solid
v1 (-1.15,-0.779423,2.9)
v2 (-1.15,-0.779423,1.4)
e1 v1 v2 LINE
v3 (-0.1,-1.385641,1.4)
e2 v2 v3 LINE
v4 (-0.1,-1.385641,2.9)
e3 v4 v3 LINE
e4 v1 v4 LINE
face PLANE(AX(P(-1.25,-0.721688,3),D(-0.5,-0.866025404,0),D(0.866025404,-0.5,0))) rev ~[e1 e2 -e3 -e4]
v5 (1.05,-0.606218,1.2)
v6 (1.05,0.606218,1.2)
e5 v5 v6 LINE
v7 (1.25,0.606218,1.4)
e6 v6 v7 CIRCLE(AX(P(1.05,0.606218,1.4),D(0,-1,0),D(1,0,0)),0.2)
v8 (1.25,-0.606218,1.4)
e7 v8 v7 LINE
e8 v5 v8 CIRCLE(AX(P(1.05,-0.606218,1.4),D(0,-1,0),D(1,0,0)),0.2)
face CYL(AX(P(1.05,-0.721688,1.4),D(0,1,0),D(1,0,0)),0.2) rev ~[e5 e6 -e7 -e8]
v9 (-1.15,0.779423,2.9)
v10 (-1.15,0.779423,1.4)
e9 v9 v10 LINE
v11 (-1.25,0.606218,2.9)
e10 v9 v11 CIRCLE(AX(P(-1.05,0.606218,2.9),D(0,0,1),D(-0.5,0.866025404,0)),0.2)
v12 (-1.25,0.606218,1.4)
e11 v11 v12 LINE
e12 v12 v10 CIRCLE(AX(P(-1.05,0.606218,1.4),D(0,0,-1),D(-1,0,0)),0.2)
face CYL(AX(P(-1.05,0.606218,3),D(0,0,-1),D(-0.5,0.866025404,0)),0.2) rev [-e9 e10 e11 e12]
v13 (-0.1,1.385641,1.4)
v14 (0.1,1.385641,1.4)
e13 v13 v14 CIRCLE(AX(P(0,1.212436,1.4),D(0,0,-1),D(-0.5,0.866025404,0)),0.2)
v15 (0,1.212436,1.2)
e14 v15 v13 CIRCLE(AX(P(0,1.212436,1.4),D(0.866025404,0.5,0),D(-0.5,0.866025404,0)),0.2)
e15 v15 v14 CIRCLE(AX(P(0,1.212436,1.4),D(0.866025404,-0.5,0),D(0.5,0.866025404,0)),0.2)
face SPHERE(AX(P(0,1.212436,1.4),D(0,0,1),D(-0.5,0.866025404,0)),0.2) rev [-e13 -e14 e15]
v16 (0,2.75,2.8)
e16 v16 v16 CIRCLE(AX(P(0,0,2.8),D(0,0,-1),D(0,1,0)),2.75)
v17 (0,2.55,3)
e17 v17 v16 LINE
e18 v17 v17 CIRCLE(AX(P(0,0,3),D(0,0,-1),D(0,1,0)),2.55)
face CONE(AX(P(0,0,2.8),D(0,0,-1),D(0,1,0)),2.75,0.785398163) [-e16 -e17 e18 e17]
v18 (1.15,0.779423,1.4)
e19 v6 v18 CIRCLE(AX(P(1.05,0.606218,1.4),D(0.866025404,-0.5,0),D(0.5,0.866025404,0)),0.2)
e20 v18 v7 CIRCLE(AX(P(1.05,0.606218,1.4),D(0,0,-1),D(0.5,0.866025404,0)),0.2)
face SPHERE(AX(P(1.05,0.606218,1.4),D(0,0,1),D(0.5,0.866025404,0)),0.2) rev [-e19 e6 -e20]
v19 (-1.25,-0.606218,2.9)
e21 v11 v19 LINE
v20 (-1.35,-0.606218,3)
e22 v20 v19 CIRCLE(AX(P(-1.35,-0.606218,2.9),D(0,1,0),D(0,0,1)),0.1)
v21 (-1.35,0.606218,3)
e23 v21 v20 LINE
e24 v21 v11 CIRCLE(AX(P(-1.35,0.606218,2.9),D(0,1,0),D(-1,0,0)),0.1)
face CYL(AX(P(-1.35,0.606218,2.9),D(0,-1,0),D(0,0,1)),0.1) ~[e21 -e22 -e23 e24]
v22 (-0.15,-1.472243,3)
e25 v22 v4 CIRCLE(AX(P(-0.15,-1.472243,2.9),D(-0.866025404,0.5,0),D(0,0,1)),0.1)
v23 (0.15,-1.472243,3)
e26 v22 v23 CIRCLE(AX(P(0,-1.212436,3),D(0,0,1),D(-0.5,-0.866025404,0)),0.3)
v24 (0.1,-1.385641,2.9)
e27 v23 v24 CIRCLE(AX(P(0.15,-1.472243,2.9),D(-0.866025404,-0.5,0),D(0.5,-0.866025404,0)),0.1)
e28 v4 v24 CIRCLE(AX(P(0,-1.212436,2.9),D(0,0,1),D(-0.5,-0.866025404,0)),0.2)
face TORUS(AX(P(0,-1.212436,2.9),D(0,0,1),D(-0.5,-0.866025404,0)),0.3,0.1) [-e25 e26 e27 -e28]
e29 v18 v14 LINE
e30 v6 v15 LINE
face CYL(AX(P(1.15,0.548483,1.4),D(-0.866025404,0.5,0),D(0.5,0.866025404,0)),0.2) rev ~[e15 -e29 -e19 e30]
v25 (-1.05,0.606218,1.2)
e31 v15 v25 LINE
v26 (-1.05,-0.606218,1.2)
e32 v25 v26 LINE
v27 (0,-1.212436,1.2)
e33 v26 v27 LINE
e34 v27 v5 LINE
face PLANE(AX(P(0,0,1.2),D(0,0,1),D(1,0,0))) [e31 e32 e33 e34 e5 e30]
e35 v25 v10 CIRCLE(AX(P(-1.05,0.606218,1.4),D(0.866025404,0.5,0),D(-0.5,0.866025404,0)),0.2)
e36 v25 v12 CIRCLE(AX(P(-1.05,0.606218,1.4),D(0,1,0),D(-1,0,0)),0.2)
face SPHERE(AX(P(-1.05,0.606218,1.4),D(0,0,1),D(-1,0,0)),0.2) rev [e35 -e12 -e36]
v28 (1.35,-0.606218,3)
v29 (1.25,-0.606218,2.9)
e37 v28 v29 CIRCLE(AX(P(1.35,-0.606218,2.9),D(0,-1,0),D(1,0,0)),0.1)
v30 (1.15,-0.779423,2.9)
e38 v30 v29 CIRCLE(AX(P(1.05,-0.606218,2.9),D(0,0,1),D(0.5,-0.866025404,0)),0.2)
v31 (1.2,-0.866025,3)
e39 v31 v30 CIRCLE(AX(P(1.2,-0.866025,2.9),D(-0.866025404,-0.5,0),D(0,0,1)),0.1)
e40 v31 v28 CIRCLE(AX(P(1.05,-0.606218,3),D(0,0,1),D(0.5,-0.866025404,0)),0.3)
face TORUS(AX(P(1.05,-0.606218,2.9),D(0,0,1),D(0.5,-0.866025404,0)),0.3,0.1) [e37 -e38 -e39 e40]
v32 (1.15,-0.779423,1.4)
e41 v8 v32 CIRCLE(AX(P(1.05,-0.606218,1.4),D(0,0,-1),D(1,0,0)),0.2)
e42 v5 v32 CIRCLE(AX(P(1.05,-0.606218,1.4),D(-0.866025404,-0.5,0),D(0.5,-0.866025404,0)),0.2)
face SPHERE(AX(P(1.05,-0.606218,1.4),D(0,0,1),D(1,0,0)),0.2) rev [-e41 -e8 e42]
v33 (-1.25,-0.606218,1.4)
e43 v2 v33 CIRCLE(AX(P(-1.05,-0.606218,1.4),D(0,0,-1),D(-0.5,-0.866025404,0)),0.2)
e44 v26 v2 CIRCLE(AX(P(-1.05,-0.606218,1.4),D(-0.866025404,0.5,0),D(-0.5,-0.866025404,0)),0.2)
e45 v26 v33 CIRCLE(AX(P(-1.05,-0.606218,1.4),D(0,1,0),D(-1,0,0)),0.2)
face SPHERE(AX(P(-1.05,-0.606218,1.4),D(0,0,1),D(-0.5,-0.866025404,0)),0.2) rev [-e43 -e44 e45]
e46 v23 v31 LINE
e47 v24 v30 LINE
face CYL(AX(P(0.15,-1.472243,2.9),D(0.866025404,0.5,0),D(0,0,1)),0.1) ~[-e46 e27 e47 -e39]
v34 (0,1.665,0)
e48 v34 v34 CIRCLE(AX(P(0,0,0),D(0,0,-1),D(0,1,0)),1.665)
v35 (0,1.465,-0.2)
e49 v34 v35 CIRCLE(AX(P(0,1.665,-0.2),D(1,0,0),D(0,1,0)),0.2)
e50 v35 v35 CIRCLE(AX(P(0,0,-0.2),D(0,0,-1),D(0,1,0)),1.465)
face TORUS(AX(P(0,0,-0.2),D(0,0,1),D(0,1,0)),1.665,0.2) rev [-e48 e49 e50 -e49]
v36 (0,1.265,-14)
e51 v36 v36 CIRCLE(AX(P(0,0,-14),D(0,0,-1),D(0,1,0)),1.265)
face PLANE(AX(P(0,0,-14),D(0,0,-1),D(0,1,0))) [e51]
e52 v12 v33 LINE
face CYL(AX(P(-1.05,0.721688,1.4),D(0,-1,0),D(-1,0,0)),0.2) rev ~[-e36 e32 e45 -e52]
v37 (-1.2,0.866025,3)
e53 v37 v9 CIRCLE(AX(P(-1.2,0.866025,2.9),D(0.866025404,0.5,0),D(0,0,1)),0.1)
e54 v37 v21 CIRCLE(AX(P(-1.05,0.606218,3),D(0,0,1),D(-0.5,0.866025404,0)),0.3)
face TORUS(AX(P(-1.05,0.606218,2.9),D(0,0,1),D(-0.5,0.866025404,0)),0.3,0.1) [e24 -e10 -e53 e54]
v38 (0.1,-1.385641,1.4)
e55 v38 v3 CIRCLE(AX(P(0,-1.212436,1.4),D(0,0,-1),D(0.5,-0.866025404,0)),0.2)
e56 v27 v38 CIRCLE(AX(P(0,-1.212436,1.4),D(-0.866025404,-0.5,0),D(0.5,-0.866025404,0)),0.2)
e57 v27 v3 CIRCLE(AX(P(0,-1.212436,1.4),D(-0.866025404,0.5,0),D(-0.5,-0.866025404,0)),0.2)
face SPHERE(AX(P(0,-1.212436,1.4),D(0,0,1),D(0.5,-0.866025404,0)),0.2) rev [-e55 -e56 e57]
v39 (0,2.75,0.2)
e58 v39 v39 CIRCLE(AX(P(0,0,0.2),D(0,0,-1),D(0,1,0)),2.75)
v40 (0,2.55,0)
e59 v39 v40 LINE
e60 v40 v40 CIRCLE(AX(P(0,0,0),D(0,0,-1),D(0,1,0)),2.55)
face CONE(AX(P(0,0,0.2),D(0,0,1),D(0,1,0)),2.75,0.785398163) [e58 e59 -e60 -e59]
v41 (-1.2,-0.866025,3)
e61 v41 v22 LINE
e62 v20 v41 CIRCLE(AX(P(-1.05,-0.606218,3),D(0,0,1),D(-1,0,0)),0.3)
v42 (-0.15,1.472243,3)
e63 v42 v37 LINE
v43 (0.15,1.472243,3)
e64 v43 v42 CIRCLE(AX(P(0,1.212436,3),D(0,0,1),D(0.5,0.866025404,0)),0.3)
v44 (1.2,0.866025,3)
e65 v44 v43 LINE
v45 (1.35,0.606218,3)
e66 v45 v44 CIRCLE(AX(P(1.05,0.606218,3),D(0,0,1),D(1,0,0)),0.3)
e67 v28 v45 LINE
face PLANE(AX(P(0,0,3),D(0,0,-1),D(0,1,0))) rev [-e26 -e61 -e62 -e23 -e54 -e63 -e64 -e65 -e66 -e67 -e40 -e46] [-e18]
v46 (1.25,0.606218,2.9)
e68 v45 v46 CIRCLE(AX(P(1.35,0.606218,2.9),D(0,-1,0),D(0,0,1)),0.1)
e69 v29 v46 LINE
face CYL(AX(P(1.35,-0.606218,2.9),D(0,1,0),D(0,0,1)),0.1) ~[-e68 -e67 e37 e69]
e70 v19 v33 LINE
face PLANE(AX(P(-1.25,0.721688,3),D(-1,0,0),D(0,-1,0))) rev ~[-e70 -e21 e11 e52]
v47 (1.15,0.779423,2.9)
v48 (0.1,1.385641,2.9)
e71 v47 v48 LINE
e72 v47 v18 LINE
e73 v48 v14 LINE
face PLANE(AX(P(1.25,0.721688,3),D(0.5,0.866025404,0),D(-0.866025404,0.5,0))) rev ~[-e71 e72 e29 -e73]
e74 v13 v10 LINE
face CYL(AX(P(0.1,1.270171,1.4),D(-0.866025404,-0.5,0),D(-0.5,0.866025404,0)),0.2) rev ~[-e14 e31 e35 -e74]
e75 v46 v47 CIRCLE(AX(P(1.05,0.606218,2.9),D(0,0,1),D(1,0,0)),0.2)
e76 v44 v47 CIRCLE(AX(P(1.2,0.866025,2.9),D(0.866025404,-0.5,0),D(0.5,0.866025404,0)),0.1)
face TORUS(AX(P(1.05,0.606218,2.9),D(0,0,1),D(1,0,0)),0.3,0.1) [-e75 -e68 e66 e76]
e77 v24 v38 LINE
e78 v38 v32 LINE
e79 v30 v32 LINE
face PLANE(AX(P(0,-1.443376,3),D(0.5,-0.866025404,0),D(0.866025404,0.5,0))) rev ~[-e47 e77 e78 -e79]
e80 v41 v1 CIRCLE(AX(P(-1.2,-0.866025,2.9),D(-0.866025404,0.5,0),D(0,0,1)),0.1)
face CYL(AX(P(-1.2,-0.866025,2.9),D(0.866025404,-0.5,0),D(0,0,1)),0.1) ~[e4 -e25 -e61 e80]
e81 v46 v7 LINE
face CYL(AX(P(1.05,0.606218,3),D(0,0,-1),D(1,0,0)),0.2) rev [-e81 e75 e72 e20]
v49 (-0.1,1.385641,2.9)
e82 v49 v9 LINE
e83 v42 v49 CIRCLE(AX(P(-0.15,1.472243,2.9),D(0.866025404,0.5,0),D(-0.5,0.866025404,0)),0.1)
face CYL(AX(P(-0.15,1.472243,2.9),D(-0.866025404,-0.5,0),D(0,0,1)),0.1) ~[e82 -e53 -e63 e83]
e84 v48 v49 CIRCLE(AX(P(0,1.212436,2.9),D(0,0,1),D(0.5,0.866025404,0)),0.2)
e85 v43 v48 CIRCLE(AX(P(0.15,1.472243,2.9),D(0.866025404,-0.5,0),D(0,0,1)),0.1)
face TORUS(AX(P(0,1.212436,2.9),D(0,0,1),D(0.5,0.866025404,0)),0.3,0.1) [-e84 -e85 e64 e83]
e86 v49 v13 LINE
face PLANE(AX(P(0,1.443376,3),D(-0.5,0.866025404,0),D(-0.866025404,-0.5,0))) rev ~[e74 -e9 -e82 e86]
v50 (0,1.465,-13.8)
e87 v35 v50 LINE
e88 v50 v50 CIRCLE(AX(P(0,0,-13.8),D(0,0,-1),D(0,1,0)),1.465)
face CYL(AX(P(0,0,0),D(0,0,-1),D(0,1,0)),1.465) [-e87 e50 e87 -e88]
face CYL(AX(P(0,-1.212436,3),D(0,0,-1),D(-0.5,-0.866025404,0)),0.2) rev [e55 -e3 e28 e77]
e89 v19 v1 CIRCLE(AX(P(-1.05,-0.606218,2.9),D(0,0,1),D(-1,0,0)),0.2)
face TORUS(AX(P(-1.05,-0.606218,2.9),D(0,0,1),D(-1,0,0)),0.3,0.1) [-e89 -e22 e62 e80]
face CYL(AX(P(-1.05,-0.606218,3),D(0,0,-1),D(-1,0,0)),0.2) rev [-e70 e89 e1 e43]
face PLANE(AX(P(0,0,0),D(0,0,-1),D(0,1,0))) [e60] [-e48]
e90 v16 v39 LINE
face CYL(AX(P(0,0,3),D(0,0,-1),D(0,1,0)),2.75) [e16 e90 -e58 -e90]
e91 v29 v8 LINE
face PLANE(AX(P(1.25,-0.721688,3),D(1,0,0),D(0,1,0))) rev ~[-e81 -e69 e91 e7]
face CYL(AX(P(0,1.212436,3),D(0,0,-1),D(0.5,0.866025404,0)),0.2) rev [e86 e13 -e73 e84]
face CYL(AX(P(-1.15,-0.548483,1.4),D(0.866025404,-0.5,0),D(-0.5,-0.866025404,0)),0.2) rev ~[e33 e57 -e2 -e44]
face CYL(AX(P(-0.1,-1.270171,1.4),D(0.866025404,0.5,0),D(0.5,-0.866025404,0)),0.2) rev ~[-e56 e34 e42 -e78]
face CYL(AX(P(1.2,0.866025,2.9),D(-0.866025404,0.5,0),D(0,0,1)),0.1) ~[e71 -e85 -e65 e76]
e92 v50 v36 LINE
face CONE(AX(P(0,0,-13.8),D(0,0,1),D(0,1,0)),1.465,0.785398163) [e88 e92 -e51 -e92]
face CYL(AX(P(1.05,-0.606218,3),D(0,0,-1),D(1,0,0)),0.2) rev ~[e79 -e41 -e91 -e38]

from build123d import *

# Parameters (mm, degrees)
SCHNITT_LINEAR_AUSTRAGEN1_DEPTH = 1.8
FASE1_SIZE                      = 0.2
VERRUNDUNG1_R                   = 0.2
VERRUNDUNG2_R                   = 0.1


with BuildPart() as part:
    # Skizze1 → Rotation1 (revolve)
    with BuildSketch(Plane(origin=(0, 0, 0), x_dir=(0, 0, -1), z_dir=(1, 0, 0))):
        Polygon((-3, 0), (-3, 2.75), (0, 2.75), (0, 1.465), (14, 1.465), (14, 0), align=None)
    revolve(axis=Axis((0, 0, 21.919879518), (0, 0, -1)))

    # Skizze2 → Schnitt-Linear austragen1 (cut)
    with BuildSketch(Plane.XY.offset(3)):
        Polygon((1.25, -0.721687836), (1.25, 0.721687836), (0, 1.443375673), (-1.25, 0.721687836), (-1.25, -0.721687836), (0, -1.443375673), align=None)
    extrude(amount=-SCHNITT_LINEAR_AUSTRAGEN1_DEPTH, mode=Mode.SUBTRACT)

    # Fase1
    fase1_edges = [part.edges().sort_by_distance(p)[0] for p in [
        (0, -1.465, -14),
        (0, -2.75, 0),
        (0, -2.75, 3),
    ]]
    chamfer(fase1_edges, length=FASE1_SIZE)

    # Verrundung1
    verrundung1_edges = [part.edges().sort_by_distance(p)[0] for p in [
        (0.625, -1.082531755, 1.2),
        (1.25, -0.721687836, 2.1),
        (-0.625, -1.082531755, 1.2),
        (0, -1.443375673, 2.1),
        (-1.25, 0, 1.2),
        (-1.25, -0.721687836, 2.1),
        (-0.625, 1.082531755, 1.2),
        (-1.25, 0.721687836, 2.1),
        (0.625, 1.082531755, 1.2),
        (0, 1.443375673, 2.1),
        (1.25, 0, 1.2),
        (1.25, 0.721687836, 2.1),
        (0, -1.465, 0),
    ]]
    fillet(verrundung1_edges, radius=VERRUNDUNG1_R)

    # Verrundung2
    verrundung2_edges = [part.edges().sort_by_distance(p)[0] for p in [
        (-0.625, -1.082531755, 3),
        (-1.25, 0, 3),
        (-0.625, 1.082531755, 3),
        (0.625, 1.082531755, 3),
        (1.25, 0, 3),
        (0.625, -1.082531755, 3),
        (-1.223205081, -0.706217783, 3),
        (0, -1.412435565, 3),
        (1.223205081, -0.706217783, 3),
        (1.223205081, 0.706217783, 3),
        (0, 1.412435565, 3),
        (-1.223205081, 0.706217783, 3),
    ]]
    fillet(verrundung2_edges, radius=VERRUNDUNG2_R)


solid = part.part
